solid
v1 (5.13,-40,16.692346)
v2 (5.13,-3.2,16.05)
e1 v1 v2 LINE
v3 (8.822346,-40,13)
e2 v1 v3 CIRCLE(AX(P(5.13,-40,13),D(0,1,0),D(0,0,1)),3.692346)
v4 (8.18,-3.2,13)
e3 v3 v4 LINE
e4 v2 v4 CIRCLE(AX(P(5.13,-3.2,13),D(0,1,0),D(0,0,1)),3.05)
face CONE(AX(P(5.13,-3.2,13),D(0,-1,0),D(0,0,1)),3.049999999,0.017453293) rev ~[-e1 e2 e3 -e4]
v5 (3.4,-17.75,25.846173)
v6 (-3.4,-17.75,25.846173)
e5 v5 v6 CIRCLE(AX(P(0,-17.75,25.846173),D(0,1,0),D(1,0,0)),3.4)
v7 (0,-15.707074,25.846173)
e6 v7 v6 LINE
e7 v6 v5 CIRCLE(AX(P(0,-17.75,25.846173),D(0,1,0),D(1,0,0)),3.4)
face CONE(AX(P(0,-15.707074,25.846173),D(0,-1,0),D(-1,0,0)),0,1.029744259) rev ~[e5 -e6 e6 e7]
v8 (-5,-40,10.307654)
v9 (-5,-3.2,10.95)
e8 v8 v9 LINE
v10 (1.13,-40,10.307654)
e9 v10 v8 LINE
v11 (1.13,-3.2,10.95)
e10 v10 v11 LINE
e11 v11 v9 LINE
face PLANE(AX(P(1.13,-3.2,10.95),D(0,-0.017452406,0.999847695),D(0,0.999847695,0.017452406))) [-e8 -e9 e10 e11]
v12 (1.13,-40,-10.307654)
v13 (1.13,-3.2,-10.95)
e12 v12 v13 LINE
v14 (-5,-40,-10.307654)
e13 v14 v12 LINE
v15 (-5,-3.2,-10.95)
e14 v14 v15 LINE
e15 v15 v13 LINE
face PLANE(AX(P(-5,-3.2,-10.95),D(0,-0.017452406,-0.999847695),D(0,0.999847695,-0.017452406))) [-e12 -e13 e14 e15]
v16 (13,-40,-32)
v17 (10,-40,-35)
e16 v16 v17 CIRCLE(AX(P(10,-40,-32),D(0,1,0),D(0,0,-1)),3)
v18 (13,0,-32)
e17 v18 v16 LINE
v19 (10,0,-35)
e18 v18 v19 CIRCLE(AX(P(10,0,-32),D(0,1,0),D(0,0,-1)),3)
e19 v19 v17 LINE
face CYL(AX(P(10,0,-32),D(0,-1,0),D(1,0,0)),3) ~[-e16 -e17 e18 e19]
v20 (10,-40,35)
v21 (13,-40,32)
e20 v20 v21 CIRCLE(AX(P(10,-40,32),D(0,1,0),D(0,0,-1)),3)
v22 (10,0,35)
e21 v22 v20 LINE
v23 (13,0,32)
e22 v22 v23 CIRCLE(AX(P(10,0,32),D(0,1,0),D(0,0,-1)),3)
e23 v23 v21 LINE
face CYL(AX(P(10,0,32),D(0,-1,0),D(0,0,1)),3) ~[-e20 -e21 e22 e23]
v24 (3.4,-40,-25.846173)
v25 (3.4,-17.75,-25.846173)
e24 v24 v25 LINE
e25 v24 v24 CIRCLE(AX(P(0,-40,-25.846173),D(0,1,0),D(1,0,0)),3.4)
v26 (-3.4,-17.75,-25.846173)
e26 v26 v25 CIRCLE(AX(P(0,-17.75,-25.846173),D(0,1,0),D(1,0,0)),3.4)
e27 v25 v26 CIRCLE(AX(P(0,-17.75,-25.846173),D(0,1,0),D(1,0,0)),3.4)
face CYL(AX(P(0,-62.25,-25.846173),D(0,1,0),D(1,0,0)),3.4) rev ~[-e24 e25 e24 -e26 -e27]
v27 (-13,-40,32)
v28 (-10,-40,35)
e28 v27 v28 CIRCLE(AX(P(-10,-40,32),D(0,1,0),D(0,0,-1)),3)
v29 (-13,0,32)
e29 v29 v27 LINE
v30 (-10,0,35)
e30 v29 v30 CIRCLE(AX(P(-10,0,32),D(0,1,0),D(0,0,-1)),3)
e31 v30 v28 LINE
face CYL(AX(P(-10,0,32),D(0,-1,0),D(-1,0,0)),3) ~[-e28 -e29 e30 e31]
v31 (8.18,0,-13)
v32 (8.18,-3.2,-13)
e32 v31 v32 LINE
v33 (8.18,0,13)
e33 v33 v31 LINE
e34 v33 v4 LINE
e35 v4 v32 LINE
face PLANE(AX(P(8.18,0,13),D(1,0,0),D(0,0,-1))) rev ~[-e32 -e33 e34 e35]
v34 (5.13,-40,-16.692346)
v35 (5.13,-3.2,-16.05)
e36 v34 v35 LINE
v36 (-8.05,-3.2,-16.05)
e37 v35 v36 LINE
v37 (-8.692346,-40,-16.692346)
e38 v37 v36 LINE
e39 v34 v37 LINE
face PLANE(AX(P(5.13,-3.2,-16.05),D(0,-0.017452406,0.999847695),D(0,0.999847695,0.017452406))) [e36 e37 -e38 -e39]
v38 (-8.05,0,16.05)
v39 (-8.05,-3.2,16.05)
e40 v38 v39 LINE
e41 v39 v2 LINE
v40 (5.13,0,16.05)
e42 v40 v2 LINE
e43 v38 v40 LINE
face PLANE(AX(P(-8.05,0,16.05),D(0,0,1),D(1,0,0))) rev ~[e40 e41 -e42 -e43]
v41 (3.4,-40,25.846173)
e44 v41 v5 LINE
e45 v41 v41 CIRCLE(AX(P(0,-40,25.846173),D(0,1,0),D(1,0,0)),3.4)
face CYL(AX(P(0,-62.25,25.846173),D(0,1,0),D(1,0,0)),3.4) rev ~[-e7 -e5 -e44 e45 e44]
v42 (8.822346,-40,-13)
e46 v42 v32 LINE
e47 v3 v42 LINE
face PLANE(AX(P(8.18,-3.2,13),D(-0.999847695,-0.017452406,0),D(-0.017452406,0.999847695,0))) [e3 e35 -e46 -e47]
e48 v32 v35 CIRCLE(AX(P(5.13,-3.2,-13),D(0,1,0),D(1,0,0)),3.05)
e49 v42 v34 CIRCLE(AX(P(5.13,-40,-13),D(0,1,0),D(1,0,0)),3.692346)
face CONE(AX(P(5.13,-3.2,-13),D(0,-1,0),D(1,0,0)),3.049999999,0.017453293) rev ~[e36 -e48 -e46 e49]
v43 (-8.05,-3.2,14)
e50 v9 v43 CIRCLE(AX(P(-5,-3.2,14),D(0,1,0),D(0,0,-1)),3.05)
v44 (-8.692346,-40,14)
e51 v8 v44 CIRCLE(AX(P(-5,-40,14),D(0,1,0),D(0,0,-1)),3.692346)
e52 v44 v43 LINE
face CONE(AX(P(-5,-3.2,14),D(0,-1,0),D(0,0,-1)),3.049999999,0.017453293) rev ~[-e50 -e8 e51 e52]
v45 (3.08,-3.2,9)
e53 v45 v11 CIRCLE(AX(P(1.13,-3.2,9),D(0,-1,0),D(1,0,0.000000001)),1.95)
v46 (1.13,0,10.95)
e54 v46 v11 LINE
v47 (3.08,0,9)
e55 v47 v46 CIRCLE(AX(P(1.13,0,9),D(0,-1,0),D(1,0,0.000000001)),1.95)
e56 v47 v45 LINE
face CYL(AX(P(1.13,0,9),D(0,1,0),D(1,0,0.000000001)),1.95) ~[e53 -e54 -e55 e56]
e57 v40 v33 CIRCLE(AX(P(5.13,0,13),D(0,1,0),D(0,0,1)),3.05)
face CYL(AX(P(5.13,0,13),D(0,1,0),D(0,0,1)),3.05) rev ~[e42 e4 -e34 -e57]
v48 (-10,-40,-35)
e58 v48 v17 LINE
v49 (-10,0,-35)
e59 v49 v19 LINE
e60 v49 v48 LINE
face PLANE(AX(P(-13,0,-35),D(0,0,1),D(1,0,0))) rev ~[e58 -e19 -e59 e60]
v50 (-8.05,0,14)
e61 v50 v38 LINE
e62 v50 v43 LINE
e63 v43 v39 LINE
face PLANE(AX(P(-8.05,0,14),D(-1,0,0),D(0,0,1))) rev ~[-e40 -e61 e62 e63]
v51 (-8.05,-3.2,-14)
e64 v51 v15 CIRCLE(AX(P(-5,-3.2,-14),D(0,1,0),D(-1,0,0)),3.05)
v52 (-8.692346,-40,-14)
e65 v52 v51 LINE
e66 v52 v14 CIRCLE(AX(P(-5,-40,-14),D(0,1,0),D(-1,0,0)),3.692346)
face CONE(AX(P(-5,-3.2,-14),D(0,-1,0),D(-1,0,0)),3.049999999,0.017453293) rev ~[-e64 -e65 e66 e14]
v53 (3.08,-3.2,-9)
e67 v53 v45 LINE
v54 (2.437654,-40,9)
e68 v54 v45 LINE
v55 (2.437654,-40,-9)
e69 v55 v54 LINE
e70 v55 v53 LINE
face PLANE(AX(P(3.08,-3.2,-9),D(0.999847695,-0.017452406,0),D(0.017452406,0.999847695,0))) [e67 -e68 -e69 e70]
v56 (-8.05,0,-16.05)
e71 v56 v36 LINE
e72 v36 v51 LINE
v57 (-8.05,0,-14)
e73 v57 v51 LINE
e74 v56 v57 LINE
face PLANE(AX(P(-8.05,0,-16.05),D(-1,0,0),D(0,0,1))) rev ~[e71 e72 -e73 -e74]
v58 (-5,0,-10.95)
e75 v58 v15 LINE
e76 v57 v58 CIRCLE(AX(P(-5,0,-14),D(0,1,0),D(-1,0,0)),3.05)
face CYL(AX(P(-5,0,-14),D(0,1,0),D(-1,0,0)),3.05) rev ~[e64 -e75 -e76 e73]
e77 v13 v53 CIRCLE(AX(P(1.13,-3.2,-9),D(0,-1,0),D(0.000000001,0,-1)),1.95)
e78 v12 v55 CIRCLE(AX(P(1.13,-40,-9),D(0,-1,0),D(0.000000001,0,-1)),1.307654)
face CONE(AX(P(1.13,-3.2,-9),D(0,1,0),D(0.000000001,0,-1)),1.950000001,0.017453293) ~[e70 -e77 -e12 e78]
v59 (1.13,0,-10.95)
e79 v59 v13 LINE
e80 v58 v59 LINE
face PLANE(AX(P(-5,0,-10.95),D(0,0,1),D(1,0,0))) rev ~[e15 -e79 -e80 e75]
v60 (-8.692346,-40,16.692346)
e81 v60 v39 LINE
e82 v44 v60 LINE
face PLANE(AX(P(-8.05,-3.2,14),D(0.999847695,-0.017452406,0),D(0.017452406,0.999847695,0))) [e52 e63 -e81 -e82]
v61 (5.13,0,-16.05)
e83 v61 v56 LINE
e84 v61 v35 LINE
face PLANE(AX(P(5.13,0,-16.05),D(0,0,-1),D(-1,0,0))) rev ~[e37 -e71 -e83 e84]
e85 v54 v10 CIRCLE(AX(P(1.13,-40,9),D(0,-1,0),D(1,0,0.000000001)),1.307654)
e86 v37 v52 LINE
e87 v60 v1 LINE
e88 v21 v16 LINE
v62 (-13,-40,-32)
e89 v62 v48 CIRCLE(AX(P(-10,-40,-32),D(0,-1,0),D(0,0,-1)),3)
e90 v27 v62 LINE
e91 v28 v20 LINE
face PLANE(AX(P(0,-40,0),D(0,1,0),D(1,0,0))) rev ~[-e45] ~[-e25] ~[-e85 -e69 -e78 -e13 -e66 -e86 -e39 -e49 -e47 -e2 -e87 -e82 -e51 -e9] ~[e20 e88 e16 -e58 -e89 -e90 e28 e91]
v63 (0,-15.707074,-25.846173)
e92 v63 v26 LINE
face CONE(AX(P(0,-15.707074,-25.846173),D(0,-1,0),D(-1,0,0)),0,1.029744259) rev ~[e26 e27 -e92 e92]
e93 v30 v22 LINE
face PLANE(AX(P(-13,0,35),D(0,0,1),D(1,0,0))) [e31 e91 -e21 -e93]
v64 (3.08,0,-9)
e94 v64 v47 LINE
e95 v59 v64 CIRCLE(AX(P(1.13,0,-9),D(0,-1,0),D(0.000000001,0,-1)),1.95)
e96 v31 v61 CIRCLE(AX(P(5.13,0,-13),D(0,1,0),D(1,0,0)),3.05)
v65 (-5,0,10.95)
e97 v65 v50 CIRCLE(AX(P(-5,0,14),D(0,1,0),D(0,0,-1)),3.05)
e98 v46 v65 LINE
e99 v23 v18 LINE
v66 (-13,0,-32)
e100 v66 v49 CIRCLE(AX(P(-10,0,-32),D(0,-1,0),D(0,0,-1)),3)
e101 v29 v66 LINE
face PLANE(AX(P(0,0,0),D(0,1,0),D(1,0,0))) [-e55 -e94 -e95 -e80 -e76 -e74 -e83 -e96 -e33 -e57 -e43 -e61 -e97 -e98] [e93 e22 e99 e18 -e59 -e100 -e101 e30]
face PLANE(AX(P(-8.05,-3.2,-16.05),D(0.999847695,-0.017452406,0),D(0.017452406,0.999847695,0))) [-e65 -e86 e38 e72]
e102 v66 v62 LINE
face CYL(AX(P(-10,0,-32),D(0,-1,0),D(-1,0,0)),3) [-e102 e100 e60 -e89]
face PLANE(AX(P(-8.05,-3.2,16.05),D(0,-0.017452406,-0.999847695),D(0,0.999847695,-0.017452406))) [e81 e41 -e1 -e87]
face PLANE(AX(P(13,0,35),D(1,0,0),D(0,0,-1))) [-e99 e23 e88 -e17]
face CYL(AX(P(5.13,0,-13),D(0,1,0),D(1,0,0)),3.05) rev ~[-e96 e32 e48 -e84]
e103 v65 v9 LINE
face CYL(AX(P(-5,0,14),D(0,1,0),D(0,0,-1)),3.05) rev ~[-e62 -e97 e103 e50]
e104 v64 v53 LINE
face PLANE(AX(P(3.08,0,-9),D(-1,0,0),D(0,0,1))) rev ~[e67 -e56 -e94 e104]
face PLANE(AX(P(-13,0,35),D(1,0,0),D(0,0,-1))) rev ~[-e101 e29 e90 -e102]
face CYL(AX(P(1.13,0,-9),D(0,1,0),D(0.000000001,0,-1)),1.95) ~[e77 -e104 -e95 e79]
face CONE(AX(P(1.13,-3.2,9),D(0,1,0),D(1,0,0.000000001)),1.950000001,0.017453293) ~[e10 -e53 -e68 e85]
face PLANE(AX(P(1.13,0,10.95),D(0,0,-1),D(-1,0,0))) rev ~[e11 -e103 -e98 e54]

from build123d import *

# Parameters (mm, degrees)
SKETCH1_W             = 26
SKETCH1_H             = 70
BOSS_EXTRUDE1_DEPTH   = 40
FILLET1_R             = 3
CUT_EXTRUDE1_REACH    = 56.717
M8_TAPPED_HOLE1_D     = 6.8
M8_TAPPED_HOLE1_DEPTH = 22.25
M8_TAPPED_HOLE1_TIP   = 2.042926105


with BuildPart() as part:
    # Sketch1 → Boss-Extrude1 (new body)
    with BuildSketch(Plane(origin=(0, 0, 0), x_dir=(1, 0, 0), z_dir=(0, 1, 0))):
        Rectangle(SKETCH1_W, SKETCH1_H)
    extrude(amount=-BOSS_EXTRUDE1_DEPTH)

    # Fillet1
    fillet1_edges = [part.edges().sort_by_distance(p)[0] for p in [
        (13, -20, 35),
        (-13, -20, 35),
        (-13, -20, -35),
        (13, -20, -35),
    ]]
    fillet(fillet1_edges, radius=FILLET1_R)

    # Sketch9 → Cut-Extrude1 (cut, up to next)
    with BuildSketch(Plane(origin=(0, 0, 0), x_dir=(1, 0, 0), z_dir=(0, 1, 0)), mode=Mode.PRIVATE) as cut_extrude1_sk1:
        with BuildLine():
            Line((3.08, 9), (3.08, -9))
            ThreePointArc((3.08, -9), (2.508858223, -10.378858223), (1.13, -10.95))
            Line((1.13, -10.95), (-5, -10.95))
            ThreePointArc((-5, -10.95), (-7.156675683, -11.843324317), (-8.05, -14))
            Line((-8.05, -14), (-8.05, -16.05))
            Line((-8.05, -16.05), (5.13, -16.05))
            ThreePointArc((5.13, -16.05), (7.286675683, -15.156675683), (8.18, -13))
            Line((8.18, -13), (8.18, 13))
            ThreePointArc((8.18, 13), (7.286675683, 15.156675683), (5.13, 16.05))
            Line((5.13, 16.05), (-8.05, 16.05))
            Line((-8.05, 16.05), (-8.05, 14))
            ThreePointArc((-8.05, 14), (-7.156675683, 11.843324317), (-5, 10.95))
            Line((-5, 10.95), (1.13, 10.95))
            ThreePointArc((1.13, 10.95), (2.508858223, 10.378858223), (3.08, 9))
        make_face()
    cut_extrude1_tool1 = extrude(cut_extrude1_sk1.sketch, amount=-CUT_EXTRUDE1_REACH, mode=Mode.PRIVATE) & part.part
    add(cut_extrude1_tool1.solids().sort_by_distance((3.439697, 0, 0))[0], mode=Mode.SUBTRACT)

    # Cut-Sweep1: sweep along a path in Sketch12
    with BuildLine(Plane(origin=(0, 0, 0), x_dir=(1, 0, 0), z_dir=(0, 1, 0))) as cut_sweep1_path:
        Line((-8.05, -14), (-8.05, -16.05))
        Line((-8.05, -16.05), (5.13, -16.05))
        ThreePointArc((5.13, -16.05), (7.286675683, -15.156675683), (8.18, -13))
        Line((8.18, -13), (8.18, 13))
        ThreePointArc((8.18, 13), (7.286675683, 15.156675683), (5.13, 16.05))
        Line((5.13, 16.05), (-8.05, 16.05))
        Line((-8.05, 16.05), (-8.05, 14))
        ThreePointArc((-8.05, 14), (-7.156675683, 11.843324317), (-5, 10.95))
        Line((-5, 10.95), (1.13, 10.95))
        ThreePointArc((1.13, 10.95), (2.508858223, 10.378858223), (3.08, 9))
        Line((3.08, 9), (3.08, -9))
        ThreePointArc((3.08, -9), (2.508858223, -10.378858223), (1.13, -10.95))
        Line((1.13, -10.95), (-5, -10.95))
        ThreePointArc((-5, -10.95), (-7.156675683, -11.843324317), (-8.05, -14))
    # Sketch11 → Cut-Sweep1 (sweep, cut)
    with BuildSketch(Plane.XY):
        Polygon((8.18, -3.2), (8.822346389, -40), (8.18, -40), align=None)
    sweep(path=cut_sweep1_path.line, transition=Transition.RIGHT, mode=Mode.SUBTRACT)

    # M8 Tapped Hole1
    with Locations(Plane(origin=(0, -40, 0), x_dir=(-1, 0, 0), z_dir=(0, -1, 0))):
        with Locations((0, -25.846173195), (0, 25.846173195)):
            Hole(M8_TAPPED_HOLE1_D / 2, depth=M8_TAPPED_HOLE1_DEPTH)
            with Locations((0, 0, -(M8_TAPPED_HOLE1_DEPTH + M8_TAPPED_HOLE1_TIP / 2))):  # 118° drill point
                Cone(0, M8_TAPPED_HOLE1_D / 2, M8_TAPPED_HOLE1_TIP, mode=Mode.SUBTRACT)


solid = part.part
